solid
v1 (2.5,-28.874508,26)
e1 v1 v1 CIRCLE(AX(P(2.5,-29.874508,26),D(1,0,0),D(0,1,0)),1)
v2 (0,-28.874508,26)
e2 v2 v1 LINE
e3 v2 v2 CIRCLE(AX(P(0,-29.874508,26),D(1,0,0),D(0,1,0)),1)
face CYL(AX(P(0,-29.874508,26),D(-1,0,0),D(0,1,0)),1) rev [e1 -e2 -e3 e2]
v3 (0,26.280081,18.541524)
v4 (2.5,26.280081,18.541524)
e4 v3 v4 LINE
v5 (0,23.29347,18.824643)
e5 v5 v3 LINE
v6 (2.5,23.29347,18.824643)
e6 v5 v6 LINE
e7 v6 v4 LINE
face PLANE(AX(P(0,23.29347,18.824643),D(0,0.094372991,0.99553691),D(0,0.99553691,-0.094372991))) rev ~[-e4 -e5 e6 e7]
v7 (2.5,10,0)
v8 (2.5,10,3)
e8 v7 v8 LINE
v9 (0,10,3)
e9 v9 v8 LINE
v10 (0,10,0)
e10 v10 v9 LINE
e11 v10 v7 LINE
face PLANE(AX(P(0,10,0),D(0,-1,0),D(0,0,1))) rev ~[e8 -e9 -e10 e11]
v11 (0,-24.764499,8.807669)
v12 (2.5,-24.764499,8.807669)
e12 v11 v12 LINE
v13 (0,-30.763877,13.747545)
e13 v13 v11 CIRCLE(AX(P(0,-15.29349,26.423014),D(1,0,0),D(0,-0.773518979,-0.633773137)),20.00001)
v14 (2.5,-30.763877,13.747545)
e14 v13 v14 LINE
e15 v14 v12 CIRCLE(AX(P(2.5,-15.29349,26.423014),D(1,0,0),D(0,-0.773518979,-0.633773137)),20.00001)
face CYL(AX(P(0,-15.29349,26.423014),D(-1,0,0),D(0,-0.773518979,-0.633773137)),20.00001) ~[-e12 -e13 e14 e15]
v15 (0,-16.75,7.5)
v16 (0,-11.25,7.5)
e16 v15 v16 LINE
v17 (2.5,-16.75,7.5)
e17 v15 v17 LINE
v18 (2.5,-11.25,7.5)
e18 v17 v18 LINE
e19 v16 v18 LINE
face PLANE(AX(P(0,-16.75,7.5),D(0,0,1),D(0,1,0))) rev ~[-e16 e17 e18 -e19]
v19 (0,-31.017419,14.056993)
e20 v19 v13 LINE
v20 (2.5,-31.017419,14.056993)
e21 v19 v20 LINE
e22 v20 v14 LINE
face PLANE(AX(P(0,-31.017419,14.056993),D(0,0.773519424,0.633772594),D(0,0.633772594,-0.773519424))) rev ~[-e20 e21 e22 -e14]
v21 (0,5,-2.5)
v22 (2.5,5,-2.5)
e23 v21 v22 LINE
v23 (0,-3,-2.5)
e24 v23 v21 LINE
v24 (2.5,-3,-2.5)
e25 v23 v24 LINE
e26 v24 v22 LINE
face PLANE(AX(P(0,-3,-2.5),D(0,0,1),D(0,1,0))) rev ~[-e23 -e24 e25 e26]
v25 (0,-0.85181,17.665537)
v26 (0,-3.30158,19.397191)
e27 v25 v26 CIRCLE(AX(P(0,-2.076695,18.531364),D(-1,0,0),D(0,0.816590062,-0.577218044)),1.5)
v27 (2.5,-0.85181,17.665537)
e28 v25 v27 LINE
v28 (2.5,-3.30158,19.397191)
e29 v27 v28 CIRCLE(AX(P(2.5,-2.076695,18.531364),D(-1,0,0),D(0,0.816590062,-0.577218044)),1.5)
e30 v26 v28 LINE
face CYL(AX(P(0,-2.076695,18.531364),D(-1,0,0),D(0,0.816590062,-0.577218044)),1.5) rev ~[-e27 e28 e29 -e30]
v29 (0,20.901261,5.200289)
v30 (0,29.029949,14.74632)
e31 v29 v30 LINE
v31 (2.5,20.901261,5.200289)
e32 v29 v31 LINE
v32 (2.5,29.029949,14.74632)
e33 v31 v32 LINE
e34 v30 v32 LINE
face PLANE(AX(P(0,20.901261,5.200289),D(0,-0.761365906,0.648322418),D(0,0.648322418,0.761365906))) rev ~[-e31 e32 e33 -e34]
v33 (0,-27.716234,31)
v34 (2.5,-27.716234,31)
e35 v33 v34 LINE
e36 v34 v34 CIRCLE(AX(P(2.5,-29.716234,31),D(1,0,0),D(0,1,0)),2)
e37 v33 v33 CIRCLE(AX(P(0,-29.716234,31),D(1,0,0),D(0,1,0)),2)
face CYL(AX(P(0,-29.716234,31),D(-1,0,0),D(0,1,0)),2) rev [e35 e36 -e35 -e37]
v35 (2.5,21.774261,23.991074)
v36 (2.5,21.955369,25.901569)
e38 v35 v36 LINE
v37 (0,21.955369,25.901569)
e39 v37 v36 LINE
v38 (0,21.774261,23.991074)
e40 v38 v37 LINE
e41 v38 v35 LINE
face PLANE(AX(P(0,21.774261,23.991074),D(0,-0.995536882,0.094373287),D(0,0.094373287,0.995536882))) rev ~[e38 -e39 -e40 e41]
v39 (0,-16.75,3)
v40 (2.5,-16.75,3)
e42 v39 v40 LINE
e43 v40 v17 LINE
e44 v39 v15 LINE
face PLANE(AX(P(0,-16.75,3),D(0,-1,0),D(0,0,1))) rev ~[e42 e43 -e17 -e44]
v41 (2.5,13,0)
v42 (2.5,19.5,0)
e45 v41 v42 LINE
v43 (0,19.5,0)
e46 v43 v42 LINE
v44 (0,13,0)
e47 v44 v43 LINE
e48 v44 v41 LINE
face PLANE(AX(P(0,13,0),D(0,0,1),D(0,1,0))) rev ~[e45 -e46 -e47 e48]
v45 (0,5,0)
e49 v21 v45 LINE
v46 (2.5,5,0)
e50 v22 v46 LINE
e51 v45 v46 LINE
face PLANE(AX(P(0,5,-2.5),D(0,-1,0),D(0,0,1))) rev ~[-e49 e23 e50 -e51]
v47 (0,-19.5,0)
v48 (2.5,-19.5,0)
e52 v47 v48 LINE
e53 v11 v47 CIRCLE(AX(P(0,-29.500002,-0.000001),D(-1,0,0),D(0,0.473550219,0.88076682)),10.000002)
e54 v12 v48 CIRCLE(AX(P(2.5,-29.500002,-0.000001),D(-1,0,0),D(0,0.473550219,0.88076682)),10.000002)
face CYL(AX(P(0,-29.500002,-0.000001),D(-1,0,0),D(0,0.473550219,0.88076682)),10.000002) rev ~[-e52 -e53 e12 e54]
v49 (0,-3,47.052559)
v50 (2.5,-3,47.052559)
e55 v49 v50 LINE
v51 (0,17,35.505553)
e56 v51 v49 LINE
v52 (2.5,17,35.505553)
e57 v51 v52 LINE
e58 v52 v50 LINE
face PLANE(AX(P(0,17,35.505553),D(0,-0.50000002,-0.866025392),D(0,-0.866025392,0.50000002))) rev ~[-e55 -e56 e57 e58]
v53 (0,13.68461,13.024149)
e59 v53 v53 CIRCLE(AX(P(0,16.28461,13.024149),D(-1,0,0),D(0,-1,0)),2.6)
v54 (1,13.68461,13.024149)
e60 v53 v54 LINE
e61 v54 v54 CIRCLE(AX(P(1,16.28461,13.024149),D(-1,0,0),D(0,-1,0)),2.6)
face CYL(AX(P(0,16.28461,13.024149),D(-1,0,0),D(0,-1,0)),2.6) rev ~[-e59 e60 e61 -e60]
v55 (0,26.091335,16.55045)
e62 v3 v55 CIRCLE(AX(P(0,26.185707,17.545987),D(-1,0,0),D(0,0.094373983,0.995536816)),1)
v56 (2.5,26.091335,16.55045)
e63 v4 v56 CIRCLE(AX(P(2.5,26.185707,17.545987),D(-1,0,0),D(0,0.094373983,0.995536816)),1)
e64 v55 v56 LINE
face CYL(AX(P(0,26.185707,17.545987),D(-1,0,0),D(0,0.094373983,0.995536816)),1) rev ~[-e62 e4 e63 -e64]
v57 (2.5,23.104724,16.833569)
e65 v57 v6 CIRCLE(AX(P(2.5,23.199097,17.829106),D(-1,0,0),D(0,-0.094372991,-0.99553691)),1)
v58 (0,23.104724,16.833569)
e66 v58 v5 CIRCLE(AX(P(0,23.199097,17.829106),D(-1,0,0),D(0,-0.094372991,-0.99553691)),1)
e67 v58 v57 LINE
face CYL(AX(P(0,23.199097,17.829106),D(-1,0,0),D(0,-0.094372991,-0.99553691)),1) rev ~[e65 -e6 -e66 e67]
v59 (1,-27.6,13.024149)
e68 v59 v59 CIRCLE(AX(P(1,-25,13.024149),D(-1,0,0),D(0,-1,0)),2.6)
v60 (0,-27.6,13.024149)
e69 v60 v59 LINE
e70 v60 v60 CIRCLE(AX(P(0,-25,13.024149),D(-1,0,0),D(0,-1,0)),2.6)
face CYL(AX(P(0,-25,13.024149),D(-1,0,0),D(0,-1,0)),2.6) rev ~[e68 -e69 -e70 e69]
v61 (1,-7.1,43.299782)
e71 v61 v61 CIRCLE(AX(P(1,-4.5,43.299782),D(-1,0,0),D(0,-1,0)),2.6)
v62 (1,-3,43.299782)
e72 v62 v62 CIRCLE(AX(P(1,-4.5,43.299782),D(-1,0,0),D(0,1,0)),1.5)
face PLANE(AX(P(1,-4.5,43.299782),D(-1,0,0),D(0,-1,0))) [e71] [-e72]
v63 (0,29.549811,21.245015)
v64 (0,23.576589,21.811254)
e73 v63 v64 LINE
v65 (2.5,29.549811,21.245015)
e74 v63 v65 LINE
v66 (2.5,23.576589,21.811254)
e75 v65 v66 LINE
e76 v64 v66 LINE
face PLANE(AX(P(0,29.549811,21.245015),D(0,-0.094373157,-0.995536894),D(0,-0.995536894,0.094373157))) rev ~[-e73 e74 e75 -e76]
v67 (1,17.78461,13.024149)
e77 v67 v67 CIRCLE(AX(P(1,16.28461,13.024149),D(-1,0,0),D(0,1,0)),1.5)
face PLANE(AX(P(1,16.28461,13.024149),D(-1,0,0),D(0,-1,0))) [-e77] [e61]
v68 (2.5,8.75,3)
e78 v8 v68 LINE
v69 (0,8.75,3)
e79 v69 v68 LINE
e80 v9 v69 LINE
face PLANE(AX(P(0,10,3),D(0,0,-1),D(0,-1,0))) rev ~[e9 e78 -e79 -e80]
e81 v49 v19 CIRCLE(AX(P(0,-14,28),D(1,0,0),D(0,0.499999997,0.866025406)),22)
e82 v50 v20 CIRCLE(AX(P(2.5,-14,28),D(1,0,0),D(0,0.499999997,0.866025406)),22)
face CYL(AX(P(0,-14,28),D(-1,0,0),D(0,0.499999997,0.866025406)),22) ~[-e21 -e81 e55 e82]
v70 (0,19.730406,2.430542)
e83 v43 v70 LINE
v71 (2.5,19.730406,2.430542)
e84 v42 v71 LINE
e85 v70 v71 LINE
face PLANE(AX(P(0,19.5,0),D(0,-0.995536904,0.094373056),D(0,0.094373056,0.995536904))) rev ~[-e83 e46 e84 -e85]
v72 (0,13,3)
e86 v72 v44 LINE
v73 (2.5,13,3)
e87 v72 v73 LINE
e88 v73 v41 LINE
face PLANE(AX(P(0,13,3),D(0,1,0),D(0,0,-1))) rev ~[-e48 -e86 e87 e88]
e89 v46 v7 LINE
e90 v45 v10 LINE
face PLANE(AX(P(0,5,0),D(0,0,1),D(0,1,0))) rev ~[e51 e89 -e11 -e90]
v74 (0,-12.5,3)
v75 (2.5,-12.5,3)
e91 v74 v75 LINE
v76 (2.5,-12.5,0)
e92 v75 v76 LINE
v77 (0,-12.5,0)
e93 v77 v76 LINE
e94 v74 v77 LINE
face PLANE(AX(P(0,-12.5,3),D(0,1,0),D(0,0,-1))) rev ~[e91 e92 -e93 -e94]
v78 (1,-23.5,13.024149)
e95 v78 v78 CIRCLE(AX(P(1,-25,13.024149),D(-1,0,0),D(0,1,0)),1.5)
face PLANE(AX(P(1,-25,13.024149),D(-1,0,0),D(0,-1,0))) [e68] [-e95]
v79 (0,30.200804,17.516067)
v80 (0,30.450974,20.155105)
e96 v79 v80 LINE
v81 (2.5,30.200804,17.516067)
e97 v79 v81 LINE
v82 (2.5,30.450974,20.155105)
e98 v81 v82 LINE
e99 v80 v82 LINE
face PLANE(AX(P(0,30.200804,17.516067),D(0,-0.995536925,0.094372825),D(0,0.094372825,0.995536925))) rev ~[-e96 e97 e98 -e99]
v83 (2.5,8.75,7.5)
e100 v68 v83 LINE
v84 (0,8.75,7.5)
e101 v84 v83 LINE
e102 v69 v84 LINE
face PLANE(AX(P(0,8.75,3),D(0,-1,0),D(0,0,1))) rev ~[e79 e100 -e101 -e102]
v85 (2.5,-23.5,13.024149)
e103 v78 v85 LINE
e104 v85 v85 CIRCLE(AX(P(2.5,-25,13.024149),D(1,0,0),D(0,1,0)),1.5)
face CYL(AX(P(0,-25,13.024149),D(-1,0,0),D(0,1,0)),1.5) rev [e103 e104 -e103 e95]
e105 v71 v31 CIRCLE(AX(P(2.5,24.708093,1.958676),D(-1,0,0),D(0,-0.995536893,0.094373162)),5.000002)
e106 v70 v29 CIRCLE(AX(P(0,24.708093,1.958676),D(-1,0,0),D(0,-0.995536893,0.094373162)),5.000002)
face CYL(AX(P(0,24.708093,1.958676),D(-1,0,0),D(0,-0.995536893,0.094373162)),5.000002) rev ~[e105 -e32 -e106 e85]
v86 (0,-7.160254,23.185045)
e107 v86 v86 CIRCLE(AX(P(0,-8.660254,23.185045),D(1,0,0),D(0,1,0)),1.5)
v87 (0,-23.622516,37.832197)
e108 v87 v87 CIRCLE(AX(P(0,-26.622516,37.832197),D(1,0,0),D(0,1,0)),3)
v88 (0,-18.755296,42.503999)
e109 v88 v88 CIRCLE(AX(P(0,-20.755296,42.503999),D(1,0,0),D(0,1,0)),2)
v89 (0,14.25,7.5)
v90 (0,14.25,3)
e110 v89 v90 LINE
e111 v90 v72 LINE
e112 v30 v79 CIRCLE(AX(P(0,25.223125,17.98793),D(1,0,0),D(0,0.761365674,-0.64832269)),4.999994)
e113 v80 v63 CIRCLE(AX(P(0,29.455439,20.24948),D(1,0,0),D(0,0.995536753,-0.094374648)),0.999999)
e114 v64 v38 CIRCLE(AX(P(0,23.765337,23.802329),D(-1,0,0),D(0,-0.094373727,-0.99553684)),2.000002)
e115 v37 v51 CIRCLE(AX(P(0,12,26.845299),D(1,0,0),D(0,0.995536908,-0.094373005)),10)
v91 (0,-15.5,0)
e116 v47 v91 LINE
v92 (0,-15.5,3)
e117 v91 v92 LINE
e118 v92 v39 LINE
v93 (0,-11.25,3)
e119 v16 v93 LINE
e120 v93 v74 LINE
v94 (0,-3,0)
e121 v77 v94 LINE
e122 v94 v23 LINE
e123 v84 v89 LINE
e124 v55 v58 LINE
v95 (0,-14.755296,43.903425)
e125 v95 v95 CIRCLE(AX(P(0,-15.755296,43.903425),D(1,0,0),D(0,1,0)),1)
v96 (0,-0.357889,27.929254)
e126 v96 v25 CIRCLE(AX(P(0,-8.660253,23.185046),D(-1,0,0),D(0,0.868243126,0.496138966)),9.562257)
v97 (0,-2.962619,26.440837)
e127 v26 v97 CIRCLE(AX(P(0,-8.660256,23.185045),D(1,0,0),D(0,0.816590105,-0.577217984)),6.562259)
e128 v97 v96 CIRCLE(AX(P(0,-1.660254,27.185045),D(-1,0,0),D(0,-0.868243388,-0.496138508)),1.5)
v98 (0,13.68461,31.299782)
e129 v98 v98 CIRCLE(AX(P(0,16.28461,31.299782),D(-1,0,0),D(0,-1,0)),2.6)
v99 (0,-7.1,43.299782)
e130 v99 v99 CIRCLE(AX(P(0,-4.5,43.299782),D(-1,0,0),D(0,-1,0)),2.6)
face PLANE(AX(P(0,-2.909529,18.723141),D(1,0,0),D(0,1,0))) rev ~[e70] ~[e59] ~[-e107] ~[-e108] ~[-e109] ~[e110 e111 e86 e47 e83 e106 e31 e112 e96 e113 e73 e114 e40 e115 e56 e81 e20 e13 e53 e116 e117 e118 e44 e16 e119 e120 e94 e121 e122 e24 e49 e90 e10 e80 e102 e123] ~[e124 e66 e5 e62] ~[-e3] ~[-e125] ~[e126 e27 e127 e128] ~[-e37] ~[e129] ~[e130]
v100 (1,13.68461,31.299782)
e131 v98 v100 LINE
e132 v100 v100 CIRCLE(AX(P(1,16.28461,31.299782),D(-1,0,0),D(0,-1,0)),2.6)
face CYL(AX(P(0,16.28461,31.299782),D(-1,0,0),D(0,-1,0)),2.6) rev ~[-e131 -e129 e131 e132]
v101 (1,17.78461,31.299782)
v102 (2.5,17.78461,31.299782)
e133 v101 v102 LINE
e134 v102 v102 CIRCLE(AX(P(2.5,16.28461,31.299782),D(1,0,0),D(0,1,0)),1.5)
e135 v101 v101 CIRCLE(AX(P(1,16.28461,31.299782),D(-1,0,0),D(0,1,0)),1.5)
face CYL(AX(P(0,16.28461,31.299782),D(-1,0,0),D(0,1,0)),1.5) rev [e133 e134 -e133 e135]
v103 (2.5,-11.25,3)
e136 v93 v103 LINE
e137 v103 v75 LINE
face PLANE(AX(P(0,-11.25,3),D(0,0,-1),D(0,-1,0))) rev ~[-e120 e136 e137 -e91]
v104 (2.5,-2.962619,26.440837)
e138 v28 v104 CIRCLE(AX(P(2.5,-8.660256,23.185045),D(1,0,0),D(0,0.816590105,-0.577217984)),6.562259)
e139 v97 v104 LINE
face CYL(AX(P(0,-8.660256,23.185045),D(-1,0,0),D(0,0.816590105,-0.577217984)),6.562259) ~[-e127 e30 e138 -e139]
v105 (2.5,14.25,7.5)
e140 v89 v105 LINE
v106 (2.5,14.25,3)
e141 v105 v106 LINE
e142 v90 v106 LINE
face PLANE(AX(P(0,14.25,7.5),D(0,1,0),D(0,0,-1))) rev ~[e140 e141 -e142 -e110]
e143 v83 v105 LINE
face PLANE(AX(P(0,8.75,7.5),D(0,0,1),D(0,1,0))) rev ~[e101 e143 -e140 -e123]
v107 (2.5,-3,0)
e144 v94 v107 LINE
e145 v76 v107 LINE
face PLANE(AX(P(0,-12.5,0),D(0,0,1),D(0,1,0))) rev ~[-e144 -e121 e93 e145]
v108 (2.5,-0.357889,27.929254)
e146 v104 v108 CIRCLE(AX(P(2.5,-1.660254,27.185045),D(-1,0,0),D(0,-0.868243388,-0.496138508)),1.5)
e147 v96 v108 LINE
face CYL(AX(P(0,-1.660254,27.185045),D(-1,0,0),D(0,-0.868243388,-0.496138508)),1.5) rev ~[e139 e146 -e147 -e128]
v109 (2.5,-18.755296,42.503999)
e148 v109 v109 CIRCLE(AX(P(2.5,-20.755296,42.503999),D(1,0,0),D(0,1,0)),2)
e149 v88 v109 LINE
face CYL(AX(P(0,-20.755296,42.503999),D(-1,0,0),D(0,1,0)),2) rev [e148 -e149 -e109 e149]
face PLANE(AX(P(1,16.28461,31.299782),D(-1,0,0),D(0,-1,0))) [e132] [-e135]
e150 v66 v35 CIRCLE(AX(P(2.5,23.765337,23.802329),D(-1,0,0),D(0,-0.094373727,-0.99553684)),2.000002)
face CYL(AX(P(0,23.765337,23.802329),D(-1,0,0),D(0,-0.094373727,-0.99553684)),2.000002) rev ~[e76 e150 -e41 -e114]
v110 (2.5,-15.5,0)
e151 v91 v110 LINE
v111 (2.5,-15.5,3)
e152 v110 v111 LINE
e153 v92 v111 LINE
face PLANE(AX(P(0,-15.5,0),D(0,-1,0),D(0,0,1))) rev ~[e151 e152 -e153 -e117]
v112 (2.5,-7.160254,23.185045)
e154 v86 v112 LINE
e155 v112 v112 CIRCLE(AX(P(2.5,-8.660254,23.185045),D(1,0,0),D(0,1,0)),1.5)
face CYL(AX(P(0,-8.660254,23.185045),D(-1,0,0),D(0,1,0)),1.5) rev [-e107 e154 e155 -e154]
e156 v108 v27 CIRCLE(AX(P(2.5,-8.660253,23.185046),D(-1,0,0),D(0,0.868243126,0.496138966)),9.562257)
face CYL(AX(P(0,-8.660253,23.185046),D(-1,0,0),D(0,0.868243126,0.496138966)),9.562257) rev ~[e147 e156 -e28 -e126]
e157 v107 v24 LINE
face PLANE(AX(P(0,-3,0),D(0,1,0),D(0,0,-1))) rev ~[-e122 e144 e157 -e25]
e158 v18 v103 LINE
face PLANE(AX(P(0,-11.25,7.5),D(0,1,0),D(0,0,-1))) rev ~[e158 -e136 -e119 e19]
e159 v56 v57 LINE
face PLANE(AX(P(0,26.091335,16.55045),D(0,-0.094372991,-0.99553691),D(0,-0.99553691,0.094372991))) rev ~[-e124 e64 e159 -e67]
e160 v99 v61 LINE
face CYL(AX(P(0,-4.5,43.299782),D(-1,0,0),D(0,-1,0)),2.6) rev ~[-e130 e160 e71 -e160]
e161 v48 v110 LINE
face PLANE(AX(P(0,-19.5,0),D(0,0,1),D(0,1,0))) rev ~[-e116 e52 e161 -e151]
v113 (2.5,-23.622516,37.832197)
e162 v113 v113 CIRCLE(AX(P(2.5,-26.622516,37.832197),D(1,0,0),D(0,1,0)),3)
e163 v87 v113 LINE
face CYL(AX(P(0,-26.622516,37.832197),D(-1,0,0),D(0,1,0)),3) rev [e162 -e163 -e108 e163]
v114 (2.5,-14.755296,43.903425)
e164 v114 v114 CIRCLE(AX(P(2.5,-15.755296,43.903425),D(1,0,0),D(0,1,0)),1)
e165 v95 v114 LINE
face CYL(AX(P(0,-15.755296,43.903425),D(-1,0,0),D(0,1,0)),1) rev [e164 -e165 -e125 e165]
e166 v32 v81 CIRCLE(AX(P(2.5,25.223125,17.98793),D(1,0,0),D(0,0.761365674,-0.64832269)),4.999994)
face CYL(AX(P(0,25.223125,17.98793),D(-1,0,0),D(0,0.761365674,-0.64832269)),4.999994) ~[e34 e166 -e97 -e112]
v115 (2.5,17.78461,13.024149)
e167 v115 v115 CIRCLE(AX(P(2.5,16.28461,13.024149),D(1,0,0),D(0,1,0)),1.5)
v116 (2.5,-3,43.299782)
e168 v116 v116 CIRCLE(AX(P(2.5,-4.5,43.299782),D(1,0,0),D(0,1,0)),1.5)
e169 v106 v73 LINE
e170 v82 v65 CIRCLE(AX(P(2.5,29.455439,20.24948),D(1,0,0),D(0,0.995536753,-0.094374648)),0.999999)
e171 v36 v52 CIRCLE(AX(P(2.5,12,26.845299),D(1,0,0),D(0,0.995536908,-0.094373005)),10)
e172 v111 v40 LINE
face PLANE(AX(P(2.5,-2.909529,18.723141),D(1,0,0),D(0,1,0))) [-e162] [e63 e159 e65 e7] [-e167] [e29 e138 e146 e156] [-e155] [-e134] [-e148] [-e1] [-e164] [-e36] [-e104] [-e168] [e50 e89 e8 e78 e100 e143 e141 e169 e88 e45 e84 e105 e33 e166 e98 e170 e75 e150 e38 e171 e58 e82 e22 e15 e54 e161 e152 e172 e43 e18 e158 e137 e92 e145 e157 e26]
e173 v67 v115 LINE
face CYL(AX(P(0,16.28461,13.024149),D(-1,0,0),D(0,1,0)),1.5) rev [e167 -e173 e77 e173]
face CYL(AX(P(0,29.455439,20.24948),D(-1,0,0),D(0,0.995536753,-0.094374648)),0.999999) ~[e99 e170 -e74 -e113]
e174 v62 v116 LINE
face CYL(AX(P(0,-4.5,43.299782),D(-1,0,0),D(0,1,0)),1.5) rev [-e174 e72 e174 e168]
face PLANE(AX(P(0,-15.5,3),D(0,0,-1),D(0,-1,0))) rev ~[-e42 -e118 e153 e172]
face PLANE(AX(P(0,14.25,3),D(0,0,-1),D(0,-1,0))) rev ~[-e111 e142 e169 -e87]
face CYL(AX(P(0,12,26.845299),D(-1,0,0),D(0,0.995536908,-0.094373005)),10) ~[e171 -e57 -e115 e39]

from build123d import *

# Parameters (mm, degrees)
F0_R     = 1.5
F0_R_2   = 1
F0_R_3   = 2
F0_R_4   = 3
F1_DEPTH = 2.5
F2_R     = 2.6
F3_DEPTH = 1


with BuildPart() as f1:
    # F0 (on Right) → F1 (new body)
    with BuildSketch(Plane.YZ):
        with BuildLine():
            ThreePointArc((-24.764499, 8.807669), (-20.91644, 5.130545), (-19.5, 0))
            Line((-19.5, 0), (-15.5, 0))
            Line((-15.5, 0), (-15.5, 3))
            Line((-15.5, 3), (-16.75, 3))
            Line((-16.75, 3), (-16.75, 7.5))
            Line((-16.75, 7.5), (-11.25, 7.5))
            Line((-11.25, 7.5), (-11.25, 3))
            Line((-11.25, 3), (-12.5, 3))
            Line((-12.5, 3), (-12.5, 0))
            Line((-12.5, 0), (-3, 0))
            Line((-3, 0), (-3, -2.5))
            Line((-3, -2.5), (5, -2.5))
            Line((5, -2.5), (5, 0))
            Line((5, 0), (10, 0))
            Line((10, 0), (10, 3))
            Line((10, 3), (8.75, 3))
            Line((8.75, 3), (8.75, 7.5))
            Line((8.75, 7.5), (14.25, 7.5))
            Line((14.25, 7.5), (14.25, 3))
            Line((14.25, 3), (13, 3))
            Line((13, 3), (13, 0))
            Line((13, 0), (19.5, 0))
            Line((19.5, 0), (19.730406, 2.430542))
            ThreePointArc((19.730406, 2.430542), (20.102681, 3.905521), (20.901261, 5.200289))
            Line((20.901261, 5.200289), (29.029949, 14.74632))
            ThreePointArc((29.029949, 14.74632), (29.828529, 16.041087), (30.200804, 17.516067))
            Line((30.200804, 17.516067), (30.450974, 20.155105))
            ThreePointArc((30.450974, 20.155105), (30.22612, 20.886698), (29.549811, 21.245015))
            Line((29.549811, 21.245015), (23.576589, 21.811254))
            ThreePointArc((23.576589, 21.811254), (22.22397, 22.52789), (21.774261, 23.991074))
            Line((21.774261, 23.991074), (21.955369, 25.901569))
            ThreePointArc((21.955369, 25.901569), (20.886782, 31.430613), (17, 35.505553))
            Line((17, 35.505553), (-3, 47.052559))
            ThreePointArc((-3, 47.052559), (-30.769889, 42.239762), (-31.017419, 14.056993))
            Line((-31.017419, 14.056993), (-30.763877, 13.747545))
            ThreePointArc((-30.763877, 13.747545), (-28.006432, 10.983406), (-24.764499, 8.807669))
        make_face()
        with Locations((-25, 13.024149)):
            Circle(F0_R, mode=Mode.SUBTRACT)
        with Locations((-8.660254, 23.185045)):
            Circle(F0_R, mode=Mode.SUBTRACT)
        with BuildLine():
            ThreePointArc((-2.962619, 26.440837), (-2.404462, 28.48741), (-0.357889, 27.929254))
            ThreePointArc((-0.357889, 27.929254), (0.890951, 22.725413), (-0.85181, 17.665537))
            ThreePointArc((-0.85181, 17.665537), (-2.942522, 17.306479), (-3.30158, 19.397191))
            ThreePointArc((-3.30158, 19.397191), (-2.105582, 22.869615), (-2.962619, 26.440837))
        make_face(mode=Mode.SUBTRACT)
        with Locations((16.28461, 13.024149)):
            Circle(F0_R, mode=Mode.SUBTRACT)
        with BuildLine():
            ThreePointArc((23.104724, 16.833569), (22.20356, 17.923479), (23.29347, 18.824643))
            Line((23.29347, 18.824643), (26.280081, 18.541524))
            ThreePointArc((26.280081, 18.541524), (27.181244, 17.451614), (26.091335, 16.55045))
            Line((26.091335, 16.55045), (23.104724, 16.833569))
        make_face(mode=Mode.SUBTRACT)
        with Locations((-29.874508, 26)):
            Circle(F0_R_2, mode=Mode.SUBTRACT)
        with Locations((-29.716234, 31)):
            Circle(F0_R_3, mode=Mode.SUBTRACT)
        with Locations((-26.622516, 37.832197)):
            Circle(F0_R_4, mode=Mode.SUBTRACT)
        with Locations((-20.755296, 42.503999)):
            Circle(F0_R_3, mode=Mode.SUBTRACT)
        with Locations((-4.5, 43.299782)):
            Circle(F0_R, mode=Mode.SUBTRACT)
        with Locations((-15.755296, 43.903425)):
            Circle(F0_R_2, mode=Mode.SUBTRACT)
        with Locations((16.28461, 31.299782)):
            Circle(F0_R, mode=Mode.SUBTRACT)
    extrude(amount=F1_DEPTH)

    # F2 (on face) → F3 (cut)
    with BuildSketch(Plane(origin=(0, 0, 0), x_dir=(0, -1, 0), z_dir=(-1, 0, 0))):
        with Locations((4.5, 43.299782)):
            Circle(F2_R)
        with Locations((-16.28461, 31.299782)):
            Circle(F2_R)
        with Locations((-16.28461, 13.024149)):
            Circle(F2_R)
        with Locations((25, 13.024149)):
            Circle(F2_R)
    extrude(amount=-F3_DEPTH, mode=Mode.SUBTRACT)


solid = f1.part
